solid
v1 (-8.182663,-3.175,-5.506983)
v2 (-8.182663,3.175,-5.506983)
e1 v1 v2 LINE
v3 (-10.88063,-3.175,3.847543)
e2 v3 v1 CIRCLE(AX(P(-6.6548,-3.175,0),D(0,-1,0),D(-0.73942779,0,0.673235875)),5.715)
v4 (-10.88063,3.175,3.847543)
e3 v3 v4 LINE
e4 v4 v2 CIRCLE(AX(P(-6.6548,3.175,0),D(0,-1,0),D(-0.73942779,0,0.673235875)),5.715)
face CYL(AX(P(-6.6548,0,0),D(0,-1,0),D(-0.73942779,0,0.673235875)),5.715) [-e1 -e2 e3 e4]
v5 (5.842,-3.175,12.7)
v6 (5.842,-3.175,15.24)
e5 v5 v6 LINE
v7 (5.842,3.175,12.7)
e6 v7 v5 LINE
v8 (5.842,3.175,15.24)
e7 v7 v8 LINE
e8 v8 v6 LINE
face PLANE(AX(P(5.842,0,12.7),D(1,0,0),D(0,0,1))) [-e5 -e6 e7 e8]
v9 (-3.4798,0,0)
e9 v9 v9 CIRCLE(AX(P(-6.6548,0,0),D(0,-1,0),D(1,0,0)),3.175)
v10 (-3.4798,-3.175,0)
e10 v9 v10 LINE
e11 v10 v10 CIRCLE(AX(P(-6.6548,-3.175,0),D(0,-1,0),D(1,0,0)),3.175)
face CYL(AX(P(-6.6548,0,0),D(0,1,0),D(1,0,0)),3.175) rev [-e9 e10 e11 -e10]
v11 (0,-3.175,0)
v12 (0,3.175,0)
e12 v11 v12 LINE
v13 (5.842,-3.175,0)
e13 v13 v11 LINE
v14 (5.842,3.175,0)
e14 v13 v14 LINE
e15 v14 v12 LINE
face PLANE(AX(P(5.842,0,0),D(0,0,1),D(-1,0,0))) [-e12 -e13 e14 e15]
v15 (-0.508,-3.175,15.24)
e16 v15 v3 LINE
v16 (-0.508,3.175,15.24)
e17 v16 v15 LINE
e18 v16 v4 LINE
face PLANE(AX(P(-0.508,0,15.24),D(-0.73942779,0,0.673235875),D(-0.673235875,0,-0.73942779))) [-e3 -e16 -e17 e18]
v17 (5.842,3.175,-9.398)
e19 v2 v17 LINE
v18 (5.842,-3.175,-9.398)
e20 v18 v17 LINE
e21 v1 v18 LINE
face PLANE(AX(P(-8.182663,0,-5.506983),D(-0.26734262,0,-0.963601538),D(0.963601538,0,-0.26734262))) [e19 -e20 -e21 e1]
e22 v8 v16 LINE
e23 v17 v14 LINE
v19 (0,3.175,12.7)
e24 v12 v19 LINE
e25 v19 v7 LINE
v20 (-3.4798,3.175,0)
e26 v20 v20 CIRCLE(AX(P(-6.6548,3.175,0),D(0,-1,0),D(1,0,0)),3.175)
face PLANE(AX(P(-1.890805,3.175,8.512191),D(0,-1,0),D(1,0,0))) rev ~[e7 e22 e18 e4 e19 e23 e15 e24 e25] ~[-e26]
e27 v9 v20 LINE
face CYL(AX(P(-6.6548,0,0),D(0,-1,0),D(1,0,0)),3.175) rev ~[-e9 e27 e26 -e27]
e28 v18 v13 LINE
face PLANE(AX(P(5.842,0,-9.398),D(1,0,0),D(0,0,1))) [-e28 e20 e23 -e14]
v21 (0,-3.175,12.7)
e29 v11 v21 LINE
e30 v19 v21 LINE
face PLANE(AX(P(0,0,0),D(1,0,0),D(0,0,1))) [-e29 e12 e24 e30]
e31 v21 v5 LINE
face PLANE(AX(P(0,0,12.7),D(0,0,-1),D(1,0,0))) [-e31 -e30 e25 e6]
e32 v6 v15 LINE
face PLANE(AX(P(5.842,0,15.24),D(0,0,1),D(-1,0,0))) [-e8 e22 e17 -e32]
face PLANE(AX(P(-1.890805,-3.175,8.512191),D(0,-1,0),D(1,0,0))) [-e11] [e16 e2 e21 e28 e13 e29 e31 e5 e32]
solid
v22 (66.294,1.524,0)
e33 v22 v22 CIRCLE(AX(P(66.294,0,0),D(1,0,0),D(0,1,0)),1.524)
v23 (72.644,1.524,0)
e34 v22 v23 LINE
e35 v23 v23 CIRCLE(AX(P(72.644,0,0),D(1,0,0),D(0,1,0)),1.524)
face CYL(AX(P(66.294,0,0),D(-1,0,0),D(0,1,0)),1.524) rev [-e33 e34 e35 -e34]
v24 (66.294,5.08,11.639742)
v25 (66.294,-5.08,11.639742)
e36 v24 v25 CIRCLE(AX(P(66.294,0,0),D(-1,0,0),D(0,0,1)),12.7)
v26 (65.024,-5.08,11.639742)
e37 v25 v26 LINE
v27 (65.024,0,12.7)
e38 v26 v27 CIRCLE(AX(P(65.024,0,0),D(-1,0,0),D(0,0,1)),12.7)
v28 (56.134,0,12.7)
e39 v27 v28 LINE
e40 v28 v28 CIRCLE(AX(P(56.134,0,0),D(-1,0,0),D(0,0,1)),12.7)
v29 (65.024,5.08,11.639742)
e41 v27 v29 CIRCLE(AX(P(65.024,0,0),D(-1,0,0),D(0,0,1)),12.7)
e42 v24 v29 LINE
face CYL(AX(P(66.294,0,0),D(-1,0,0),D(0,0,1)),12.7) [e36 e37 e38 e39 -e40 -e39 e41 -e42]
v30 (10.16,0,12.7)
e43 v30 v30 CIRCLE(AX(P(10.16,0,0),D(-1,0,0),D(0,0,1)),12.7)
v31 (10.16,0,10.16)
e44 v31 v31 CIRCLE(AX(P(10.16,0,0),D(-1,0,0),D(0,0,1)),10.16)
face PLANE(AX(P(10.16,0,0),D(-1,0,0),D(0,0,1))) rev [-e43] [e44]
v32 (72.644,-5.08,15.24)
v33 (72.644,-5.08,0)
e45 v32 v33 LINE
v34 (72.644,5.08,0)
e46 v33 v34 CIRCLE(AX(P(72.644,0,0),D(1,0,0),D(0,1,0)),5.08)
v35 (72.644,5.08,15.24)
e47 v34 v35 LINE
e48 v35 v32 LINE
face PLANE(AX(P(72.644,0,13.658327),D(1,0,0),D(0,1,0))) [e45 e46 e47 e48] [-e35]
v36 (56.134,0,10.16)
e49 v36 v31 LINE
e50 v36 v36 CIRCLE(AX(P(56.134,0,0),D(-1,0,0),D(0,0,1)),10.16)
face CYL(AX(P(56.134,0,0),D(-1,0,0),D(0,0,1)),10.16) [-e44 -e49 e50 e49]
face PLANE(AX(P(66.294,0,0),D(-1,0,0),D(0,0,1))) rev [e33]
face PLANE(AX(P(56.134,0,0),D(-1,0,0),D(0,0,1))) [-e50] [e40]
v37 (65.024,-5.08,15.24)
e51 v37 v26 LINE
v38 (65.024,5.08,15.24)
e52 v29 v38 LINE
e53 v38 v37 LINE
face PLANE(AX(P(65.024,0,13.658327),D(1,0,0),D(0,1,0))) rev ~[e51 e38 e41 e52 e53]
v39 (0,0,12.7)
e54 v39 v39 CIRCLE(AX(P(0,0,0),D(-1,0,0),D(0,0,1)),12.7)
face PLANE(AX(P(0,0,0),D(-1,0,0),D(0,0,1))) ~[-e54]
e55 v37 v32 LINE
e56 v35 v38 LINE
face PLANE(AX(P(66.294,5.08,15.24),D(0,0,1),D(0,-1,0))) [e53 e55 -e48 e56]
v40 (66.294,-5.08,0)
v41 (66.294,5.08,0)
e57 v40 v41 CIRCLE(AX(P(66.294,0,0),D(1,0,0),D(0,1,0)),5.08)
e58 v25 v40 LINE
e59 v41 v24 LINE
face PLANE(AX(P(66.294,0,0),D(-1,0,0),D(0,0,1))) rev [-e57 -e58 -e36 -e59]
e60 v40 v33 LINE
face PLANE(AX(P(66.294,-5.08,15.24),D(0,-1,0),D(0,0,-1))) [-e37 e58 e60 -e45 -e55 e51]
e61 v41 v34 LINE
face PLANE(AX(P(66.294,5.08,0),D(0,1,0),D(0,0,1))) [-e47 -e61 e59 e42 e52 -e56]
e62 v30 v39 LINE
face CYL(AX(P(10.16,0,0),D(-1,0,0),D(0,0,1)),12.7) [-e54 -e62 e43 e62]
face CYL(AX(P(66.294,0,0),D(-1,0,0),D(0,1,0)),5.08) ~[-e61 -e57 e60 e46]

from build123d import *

# Parameters (mm, degrees)
F0_W          = 5.842
F0_H          = 12.7
F0_R          = 3.175
F2_DEPTH      = 3.175
F2_DEPTH_BACK = 3.175
F3_R          = 1.524
F4_DEPTH      = 6.35
F4_DEPTH_BACK = 1.27
F5_DEPTH      = 56.134


with BuildPart() as f1:
    # F0 (on Front) → F1 (revolve)
    with BuildSketch(Plane.XZ):
        Polygon((5.842, 12.7), (5.842, 0), (66.294, 0), (66.294, 12.7), (56.134, 12.7), (56.134, 10.16), (10.16, 10.16), (10.16, 12.7), align=None)
        with Locations((2.921, 6.35)):
            Rectangle(F0_W, F0_H)
    revolve(axis=Axis((33.147, 0, 0), (-1, 0, 0)))

    # F3 (on face) → F4 (join, two sides)
    with BuildSketch(Plane.YZ.offset(66.294)) as f4_sk:
        with BuildLine():
            ThreePointArc((-5.08, 11.6397422652), (0, 12.7), (5.08, 11.6397422652))
            Line((5.08, 11.6397422652), (5.08, 15.24))
            Line((5.08, 15.24), (-5.08, 15.24))
            Line((-5.08, 15.24), (-5.08, 11.6397422652))
        make_face()
        with BuildLine():
            ThreePointArc((-5.08, 0), (0, 5.08), (5.08, 0))
            Line((5.08, 0), (5.08, 11.6397422652))
            ThreePointArc((5.08, 11.6397422652), (0, 12.7), (-5.08, 11.6397422652))
            Line((-5.08, 11.6397422652), (-5.08, 0))
        make_face()
        with BuildLine():
            ThreePointArc((-5.08, 0), (0, -5.08), (5.08, 0))
            ThreePointArc((5.08, 0), (0, 5.08), (-5.08, 0))
        make_face()
        Circle(F3_R, mode=Mode.SUBTRACT)
    extrude(amount=F4_DEPTH)
    extrude(f4_sk.sketch, amount=-F4_DEPTH_BACK)

    # F5 (add, through all): a face of the model
    f5_faces = [f1.faces().sort_by_distance(p)[0] for p in [
        (66.294, 0, 0),
    ]]
    extrude(f5_faces, amount=-F5_DEPTH)


with BuildPart() as f2:
    # F0 (on Front) → F2 (new body, two sides)
    with BuildSketch(Plane.XZ) as f2_sk:
        with BuildLine():
            Line((-0.9398, 0), (0, 0))
            Line((0, 0), (0, 12.7))
            Line((0, 12.7), (5.842, 12.7))
            Line((5.842, 12.7), (5.842, 15.24))
            Line((5.842, 15.24), (-0.508, 15.24))
            Line((-0.508, 15.24), (-10.8806298187, 3.8475430269))
            ThreePointArc((-10.8806298187, 3.8475430269), (-4.5919612295, 5.3297205562), (-0.9398, 0))
        make_face()
        with BuildLine():
            Line((5.842, 0), (0, 0))
            Line((0, 0), (-0.9398, 0))
            ThreePointArc((-0.9398, 0), (-3.1957909266, -4.5493385486), (-8.1826630726, -5.5069827884))
            Line((-8.1826630726, -5.5069827884), (5.842, -9.398))
            Line((5.842, -9.398), (5.842, 0))
        make_face()
        with BuildLine():
            ThreePointArc((-8.1826630726, -5.5069827884), (-3.1957909266, -4.5493385486), (-0.9398, 0))
            ThreePointArc((-0.9398, 0), (-4.5919612295, 5.3297205562), (-10.8806298187, 3.8475430269))
            ThreePointArc((-10.8806298187, 3.8475430269), (-12.1459778134, -1.5837270034), (-8.1826630726, -5.5069827884))
        make_face()
        with Locations((-6.6548, 0)):
            Circle(F0_R, mode=Mode.SUBTRACT)
    extrude(amount=F2_DEPTH)
    extrude(f2_sk.sketch, amount=-F2_DEPTH_BACK)


solid = Compound([f1.part, f2.part])
